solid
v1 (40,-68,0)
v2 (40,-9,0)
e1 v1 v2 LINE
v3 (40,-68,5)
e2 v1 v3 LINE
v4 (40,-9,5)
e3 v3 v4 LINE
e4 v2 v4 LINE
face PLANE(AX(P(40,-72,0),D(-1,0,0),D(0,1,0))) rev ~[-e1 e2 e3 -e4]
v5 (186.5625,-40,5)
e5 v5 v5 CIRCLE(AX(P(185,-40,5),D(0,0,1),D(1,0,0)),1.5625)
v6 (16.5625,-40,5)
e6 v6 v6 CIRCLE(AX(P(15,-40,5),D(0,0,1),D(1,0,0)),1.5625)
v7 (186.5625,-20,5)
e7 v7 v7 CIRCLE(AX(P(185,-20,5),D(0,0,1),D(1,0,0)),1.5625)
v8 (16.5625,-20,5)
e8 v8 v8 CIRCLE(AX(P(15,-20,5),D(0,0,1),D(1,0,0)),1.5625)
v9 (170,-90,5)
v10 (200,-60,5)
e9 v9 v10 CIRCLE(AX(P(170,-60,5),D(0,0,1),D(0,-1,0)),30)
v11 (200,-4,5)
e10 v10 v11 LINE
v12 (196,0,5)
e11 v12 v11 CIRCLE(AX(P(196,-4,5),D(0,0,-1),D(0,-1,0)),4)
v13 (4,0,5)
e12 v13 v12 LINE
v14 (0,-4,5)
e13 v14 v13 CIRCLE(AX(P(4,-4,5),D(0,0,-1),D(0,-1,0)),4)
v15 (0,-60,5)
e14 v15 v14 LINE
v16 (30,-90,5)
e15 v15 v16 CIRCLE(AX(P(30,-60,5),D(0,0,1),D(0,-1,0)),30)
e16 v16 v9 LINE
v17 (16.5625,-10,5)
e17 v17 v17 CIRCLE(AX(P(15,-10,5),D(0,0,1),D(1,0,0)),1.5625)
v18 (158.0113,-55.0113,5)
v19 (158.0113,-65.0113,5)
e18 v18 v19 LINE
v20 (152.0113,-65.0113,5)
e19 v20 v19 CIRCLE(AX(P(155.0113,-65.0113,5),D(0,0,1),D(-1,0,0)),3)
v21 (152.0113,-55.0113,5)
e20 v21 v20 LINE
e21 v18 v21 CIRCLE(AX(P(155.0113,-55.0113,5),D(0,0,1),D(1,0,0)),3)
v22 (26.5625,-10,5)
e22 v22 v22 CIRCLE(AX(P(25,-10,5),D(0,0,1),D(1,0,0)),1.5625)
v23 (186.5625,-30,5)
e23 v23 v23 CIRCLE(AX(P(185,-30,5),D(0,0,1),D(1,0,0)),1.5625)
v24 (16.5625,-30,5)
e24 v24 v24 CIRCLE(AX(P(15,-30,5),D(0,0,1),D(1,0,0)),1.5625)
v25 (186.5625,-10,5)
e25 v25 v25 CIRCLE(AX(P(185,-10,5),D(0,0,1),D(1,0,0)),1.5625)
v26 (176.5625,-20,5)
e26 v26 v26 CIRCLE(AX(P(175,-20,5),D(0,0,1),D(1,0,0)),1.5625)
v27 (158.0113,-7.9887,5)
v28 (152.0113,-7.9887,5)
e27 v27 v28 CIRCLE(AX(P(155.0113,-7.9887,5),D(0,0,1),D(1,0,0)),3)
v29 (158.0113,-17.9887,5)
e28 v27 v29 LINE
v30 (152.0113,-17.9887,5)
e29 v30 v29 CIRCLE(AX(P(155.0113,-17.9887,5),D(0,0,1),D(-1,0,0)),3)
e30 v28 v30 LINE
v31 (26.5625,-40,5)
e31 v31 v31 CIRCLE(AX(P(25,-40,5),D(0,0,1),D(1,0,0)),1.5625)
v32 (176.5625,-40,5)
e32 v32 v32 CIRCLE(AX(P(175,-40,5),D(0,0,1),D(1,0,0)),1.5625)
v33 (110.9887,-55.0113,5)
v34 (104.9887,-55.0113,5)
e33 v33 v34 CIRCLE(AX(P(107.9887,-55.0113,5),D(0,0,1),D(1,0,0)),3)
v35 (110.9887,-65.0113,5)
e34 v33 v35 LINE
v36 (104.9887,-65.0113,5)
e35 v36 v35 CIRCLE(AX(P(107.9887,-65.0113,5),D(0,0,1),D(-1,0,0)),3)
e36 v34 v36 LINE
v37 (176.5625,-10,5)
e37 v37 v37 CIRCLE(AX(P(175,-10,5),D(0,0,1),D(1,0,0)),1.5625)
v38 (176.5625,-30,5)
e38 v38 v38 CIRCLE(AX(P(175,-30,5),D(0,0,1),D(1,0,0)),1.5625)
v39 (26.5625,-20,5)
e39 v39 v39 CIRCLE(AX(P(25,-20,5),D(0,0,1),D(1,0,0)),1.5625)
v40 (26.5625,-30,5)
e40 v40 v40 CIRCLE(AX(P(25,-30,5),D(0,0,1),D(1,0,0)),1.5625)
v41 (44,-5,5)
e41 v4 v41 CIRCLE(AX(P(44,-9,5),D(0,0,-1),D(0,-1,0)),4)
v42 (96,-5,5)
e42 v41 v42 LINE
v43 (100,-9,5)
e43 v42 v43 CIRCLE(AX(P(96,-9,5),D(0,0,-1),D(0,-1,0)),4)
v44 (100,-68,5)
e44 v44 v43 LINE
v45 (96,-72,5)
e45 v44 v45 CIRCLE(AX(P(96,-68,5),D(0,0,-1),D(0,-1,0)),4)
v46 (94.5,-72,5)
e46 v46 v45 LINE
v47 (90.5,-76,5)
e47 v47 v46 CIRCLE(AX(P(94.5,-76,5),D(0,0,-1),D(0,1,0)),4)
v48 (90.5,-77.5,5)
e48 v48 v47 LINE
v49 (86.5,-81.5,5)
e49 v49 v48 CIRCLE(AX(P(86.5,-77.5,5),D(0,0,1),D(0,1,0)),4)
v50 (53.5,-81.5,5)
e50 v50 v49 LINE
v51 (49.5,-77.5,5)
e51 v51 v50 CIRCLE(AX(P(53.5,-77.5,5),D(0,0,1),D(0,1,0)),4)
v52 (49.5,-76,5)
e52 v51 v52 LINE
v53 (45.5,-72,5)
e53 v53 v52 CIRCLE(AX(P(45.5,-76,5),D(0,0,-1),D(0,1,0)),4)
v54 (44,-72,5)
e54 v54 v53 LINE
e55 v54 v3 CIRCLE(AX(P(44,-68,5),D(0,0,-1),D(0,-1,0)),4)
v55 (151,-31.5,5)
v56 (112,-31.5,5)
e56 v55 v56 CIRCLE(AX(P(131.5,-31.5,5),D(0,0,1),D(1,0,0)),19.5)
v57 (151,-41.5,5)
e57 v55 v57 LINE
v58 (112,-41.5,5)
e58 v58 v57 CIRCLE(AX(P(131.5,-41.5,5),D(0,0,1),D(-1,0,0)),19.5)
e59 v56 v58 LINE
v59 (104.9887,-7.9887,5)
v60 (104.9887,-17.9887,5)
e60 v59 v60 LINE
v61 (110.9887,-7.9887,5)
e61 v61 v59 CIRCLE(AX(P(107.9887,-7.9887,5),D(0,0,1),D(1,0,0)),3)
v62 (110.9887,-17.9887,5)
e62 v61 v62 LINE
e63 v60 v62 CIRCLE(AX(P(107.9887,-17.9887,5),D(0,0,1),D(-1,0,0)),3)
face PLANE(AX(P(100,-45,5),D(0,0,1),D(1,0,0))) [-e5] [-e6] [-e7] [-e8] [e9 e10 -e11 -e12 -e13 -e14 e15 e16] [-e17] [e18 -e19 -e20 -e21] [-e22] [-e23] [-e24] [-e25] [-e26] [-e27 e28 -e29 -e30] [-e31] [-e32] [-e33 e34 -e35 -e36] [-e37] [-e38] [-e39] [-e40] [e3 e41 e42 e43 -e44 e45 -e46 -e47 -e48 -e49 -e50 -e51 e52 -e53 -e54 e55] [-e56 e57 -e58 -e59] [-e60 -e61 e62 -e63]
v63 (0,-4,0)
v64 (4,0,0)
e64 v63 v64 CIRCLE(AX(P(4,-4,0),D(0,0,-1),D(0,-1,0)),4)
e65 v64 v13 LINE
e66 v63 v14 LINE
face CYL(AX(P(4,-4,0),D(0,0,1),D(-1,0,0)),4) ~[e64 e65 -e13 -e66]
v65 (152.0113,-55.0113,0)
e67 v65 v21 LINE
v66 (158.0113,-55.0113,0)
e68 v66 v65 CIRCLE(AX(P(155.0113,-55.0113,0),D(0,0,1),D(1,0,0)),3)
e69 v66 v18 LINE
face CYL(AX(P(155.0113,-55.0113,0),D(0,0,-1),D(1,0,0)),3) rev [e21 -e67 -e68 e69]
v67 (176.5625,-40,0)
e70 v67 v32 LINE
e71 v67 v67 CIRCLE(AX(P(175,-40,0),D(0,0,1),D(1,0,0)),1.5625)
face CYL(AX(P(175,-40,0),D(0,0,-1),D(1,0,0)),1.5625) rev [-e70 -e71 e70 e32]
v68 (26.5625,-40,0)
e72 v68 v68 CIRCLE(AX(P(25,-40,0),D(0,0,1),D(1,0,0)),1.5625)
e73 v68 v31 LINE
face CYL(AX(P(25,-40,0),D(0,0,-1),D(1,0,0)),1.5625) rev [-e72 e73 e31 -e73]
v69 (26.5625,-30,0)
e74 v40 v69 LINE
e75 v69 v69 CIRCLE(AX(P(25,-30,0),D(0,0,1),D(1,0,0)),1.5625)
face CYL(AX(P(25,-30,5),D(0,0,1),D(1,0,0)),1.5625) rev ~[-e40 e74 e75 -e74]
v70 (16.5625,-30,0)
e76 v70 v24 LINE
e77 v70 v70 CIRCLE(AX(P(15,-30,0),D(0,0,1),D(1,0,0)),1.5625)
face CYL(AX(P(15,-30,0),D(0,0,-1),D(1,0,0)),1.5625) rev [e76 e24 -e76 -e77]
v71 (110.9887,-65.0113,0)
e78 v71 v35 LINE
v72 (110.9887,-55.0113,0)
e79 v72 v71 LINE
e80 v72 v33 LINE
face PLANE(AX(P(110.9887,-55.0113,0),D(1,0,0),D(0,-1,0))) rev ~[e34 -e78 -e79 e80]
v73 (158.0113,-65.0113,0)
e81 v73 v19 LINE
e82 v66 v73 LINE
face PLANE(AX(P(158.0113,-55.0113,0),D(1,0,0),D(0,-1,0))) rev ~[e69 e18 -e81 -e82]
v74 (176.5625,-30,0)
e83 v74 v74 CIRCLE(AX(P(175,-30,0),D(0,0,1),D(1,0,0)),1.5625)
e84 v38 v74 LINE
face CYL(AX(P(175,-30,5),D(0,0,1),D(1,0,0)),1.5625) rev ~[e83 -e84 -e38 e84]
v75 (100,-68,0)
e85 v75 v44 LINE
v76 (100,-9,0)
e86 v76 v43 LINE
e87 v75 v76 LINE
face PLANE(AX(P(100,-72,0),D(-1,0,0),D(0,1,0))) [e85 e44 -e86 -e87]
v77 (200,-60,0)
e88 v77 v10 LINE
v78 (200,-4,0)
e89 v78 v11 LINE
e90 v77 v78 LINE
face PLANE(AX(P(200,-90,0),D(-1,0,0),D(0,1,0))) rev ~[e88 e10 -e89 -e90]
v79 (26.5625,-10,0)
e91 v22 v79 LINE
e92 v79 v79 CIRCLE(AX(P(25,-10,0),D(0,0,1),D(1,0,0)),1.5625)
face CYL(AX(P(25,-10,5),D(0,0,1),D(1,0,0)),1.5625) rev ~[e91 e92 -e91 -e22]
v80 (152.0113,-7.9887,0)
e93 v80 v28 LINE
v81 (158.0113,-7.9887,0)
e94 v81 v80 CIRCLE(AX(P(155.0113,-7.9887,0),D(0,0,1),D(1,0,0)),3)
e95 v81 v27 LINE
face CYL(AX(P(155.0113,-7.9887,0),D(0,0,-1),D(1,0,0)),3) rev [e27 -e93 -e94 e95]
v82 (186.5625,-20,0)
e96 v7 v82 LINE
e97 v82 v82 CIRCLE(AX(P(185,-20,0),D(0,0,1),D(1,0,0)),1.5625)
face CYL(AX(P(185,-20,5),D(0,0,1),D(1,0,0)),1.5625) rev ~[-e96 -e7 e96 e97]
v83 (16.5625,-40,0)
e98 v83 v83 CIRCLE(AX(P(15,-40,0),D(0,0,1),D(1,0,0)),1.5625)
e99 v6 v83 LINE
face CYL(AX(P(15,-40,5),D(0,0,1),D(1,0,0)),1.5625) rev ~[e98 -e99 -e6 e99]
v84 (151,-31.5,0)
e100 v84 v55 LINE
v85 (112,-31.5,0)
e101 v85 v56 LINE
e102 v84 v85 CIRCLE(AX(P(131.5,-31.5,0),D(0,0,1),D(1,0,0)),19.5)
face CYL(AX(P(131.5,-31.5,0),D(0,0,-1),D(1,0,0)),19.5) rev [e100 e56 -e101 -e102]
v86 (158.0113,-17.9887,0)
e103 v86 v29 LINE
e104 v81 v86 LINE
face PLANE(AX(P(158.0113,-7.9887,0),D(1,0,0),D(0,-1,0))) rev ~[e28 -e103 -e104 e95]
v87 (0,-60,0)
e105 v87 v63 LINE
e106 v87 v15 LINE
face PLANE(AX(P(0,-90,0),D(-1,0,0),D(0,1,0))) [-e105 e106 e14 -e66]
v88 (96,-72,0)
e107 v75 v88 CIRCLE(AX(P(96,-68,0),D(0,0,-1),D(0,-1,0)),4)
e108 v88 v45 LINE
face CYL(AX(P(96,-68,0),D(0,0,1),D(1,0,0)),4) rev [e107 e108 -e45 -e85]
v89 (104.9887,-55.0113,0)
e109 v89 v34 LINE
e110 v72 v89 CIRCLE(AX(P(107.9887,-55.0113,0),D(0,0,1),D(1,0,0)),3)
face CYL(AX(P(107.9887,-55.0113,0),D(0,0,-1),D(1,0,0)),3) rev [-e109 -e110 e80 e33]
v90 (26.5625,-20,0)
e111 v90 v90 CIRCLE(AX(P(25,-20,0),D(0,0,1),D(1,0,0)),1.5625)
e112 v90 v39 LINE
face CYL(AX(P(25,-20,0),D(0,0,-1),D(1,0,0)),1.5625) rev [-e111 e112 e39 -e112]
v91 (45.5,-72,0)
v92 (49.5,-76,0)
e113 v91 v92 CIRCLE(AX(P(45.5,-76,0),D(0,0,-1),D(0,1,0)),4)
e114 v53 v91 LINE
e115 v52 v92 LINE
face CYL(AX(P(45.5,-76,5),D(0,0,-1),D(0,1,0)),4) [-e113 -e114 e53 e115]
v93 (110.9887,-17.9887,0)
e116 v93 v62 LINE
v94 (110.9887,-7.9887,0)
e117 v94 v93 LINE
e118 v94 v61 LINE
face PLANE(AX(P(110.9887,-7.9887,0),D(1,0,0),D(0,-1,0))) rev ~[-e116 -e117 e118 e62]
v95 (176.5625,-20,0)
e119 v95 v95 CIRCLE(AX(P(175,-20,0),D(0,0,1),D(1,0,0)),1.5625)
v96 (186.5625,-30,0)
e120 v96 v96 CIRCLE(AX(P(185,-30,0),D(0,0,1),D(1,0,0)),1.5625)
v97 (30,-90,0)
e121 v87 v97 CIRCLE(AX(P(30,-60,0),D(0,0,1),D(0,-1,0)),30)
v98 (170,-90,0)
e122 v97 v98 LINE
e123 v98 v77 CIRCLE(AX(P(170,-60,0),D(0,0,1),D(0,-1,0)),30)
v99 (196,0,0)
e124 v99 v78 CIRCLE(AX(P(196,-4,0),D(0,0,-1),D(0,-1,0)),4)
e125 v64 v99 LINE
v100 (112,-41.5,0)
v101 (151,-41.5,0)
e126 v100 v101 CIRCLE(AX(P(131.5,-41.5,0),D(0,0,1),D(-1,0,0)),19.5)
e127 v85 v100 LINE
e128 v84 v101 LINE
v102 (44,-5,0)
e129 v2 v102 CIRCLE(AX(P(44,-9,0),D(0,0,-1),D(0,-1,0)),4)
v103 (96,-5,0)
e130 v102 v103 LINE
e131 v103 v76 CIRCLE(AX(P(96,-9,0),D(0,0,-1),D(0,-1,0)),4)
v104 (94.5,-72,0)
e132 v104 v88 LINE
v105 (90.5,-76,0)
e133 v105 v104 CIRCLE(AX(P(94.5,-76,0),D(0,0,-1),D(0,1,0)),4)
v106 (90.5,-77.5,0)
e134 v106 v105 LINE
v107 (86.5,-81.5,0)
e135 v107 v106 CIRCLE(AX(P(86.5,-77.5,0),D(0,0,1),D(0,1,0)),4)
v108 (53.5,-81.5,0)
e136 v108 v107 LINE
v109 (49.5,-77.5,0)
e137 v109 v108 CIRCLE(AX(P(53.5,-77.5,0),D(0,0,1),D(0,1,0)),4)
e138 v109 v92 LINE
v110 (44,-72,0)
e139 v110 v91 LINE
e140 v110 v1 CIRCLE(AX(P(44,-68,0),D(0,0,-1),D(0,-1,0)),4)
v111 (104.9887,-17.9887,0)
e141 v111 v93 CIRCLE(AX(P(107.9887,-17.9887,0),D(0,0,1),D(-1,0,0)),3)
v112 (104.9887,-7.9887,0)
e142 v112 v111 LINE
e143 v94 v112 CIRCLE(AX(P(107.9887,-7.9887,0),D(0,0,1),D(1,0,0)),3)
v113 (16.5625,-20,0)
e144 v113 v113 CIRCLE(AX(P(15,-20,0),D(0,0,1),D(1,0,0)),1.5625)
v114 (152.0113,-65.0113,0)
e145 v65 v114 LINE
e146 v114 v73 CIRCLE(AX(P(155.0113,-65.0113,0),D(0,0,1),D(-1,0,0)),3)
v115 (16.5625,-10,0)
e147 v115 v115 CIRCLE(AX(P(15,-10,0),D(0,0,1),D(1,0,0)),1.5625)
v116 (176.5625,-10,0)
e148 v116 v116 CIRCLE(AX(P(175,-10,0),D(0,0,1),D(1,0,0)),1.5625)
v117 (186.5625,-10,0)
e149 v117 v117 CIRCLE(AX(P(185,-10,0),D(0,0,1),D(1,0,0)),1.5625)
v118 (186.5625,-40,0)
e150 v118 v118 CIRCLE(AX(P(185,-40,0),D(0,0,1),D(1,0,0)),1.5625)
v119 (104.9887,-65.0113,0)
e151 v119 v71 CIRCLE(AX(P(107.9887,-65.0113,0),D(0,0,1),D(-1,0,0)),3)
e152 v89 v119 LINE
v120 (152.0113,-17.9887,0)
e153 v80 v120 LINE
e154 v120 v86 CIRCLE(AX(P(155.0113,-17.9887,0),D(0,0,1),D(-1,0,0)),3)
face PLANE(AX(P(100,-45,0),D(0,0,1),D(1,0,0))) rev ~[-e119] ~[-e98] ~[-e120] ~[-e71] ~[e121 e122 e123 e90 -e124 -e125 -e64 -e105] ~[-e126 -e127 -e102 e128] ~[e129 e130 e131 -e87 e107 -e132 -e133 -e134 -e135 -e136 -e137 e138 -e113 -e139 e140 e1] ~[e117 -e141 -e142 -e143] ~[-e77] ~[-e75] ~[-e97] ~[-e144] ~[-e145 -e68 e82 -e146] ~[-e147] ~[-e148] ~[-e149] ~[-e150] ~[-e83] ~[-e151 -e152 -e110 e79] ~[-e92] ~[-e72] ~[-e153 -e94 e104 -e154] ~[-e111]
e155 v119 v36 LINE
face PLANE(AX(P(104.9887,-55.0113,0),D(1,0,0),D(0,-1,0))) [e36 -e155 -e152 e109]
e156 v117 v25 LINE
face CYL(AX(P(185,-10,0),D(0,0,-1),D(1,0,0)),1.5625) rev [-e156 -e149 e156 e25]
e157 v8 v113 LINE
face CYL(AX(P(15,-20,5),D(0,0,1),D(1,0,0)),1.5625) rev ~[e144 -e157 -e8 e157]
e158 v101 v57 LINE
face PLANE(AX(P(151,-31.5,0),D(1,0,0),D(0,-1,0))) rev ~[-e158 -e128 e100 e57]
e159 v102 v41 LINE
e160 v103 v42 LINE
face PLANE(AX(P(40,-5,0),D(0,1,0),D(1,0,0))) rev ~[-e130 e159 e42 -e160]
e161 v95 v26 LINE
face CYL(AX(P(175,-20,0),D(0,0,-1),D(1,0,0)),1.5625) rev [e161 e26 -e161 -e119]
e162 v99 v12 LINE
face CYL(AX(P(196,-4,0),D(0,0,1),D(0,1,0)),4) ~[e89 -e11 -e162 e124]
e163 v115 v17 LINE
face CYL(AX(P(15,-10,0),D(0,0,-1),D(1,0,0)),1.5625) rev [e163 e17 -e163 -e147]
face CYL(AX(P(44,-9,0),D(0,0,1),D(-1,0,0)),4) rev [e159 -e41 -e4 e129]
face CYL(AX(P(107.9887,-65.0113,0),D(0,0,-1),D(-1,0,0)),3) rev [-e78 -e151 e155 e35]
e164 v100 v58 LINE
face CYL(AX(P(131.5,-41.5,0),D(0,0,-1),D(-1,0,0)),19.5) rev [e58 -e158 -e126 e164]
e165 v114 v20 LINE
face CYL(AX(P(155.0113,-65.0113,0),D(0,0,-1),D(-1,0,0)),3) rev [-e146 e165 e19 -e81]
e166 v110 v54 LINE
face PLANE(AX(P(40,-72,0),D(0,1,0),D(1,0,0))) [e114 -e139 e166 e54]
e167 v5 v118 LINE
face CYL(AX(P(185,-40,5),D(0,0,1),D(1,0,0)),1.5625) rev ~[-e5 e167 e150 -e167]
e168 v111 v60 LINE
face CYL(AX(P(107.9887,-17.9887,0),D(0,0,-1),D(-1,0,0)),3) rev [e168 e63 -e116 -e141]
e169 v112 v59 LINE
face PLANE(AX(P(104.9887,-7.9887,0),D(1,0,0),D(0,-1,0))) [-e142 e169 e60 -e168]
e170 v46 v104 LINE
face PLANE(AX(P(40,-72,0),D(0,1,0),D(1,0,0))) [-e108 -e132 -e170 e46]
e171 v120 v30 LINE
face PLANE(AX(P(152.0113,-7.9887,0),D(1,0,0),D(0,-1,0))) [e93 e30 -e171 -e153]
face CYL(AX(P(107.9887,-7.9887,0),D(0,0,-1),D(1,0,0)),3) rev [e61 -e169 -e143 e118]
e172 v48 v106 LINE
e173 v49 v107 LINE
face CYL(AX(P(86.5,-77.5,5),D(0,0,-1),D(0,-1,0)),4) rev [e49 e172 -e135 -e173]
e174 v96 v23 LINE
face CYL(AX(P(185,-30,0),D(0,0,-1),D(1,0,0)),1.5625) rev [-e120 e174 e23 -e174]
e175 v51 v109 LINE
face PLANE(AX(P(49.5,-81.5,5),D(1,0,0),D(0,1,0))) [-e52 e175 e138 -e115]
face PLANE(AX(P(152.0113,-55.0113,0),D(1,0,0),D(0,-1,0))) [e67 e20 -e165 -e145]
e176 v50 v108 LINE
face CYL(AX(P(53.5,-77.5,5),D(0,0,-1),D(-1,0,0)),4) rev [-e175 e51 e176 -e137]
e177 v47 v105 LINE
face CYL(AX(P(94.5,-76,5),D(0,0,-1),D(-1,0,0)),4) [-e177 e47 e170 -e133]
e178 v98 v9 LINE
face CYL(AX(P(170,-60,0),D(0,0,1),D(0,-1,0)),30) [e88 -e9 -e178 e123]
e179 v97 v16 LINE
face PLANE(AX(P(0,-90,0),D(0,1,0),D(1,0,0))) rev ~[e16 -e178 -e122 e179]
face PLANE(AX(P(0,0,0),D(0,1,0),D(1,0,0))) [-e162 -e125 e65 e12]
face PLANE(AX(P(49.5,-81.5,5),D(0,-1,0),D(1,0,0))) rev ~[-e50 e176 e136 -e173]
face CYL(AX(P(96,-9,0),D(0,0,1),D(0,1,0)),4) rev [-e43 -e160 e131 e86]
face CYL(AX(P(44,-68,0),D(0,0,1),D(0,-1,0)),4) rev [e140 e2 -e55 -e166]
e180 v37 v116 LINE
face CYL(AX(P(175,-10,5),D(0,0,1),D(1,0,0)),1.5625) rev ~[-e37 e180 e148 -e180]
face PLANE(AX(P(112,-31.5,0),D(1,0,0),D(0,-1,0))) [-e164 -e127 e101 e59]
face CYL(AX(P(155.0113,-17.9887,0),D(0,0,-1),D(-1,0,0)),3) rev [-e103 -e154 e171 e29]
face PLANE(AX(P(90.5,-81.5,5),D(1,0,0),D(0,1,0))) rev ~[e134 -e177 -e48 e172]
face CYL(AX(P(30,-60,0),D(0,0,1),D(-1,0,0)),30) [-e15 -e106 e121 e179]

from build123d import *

# Parameters (mm, degrees)
SKETCH_W        = 200
SKETCH_H        = 90
SKETCH_R        = 1.5625
SKETCH_W_2      = 60
SKETCH_H_2      = 67
PAD_DEPTH       = 5
SKETCH002_W     = 41
SKETCH002_H     = 9.5
POCKET_DEPTH    = 5.001
SKETCH003_R     = 1.5625
POCKET001_DEPTH = 5.001
FILLET_R        = 30
FILLET001_R     = 4
FILLET002_R     = 4
FILLET003_R     = 4


with BuildPart() as part:
    # Sketch → Pad (new body)
    with BuildSketch(Plane.XY):
        with Locations((100, -45)):
            Rectangle(SKETCH_W, SKETCH_H)
        with Locations((185, -30)):
            Circle(SKETCH_R, mode=Mode.SUBTRACT)
        with Locations((185, -10)):
            Circle(SKETCH_R, mode=Mode.SUBTRACT)
        with Locations((175, -20)):
            Circle(SKETCH_R, mode=Mode.SUBTRACT)
        with Locations((175, -40)):
            Circle(SKETCH_R, mode=Mode.SUBTRACT)
        with Locations((25, -40)):
            Circle(SKETCH_R, mode=Mode.SUBTRACT)
        with Locations((25, -20)):
            Circle(SKETCH_R, mode=Mode.SUBTRACT)
        with Locations((15, -30)):
            Circle(SKETCH_R, mode=Mode.SUBTRACT)
        with Locations((15, -10)):
            Circle(SKETCH_R, mode=Mode.SUBTRACT)
        with Locations((70, -38.5)):
            Rectangle(SKETCH_W_2, SKETCH_H_2, mode=Mode.SUBTRACT)
        with BuildLine():
            ThreePointArc((158.0113, -7.9887), (155.0113, -4.9887), (152.0113, -7.9887))
            Line((152.0113, -7.9887), (152.0113, -17.9887))
            ThreePointArc((152.0113, -17.9887), (155.0113, -20.9887), (158.0113, -17.9887))
            Line((158.0113, -7.9887), (158.0113, -17.9887))
        make_face(mode=Mode.SUBTRACT)
        with BuildLine():
            ThreePointArc((151, -31.5), (131.5, -12), (112, -31.5))
            Line((112, -31.5), (112, -41.5))
            ThreePointArc((112, -41.5), (131.5, -61), (151, -41.5))
            Line((151, -31.5), (151, -41.5))
        make_face(mode=Mode.SUBTRACT)
        with BuildLine():
            ThreePointArc((158.0113, -55.0113), (155.0113, -52.0113), (152.0113, -55.0113))
            Line((152.0113, -55.0113), (152.0113, -65.0113))
            ThreePointArc((152.0113, -65.0113), (155.0113, -68.0113), (158.0113, -65.0113))
            Line((158.0113, -55.0113), (158.0113, -65.0113))
        make_face(mode=Mode.SUBTRACT)
        with BuildLine():
            ThreePointArc((110.9887, -55.0113), (107.9887, -52.0113), (104.9887, -55.0113))
            Line((104.9887, -55.0113), (104.9887, -65.0113))
            ThreePointArc((104.9887, -65.0113), (107.9887, -68.0113), (110.9887, -65.0113))
            Line((110.9887, -55.0113), (110.9887, -65.0113))
        make_face(mode=Mode.SUBTRACT)
        with BuildLine():
            ThreePointArc((110.9887, -7.9887), (107.9887, -4.9887), (104.9887, -7.9887))
            Line((104.9887, -7.9887), (104.9887, -17.9887))
            ThreePointArc((104.9887, -17.9887), (107.9887, -20.9887), (110.9887, -17.9887))
            Line((110.9887, -7.9887), (110.9887, -17.9887))
        make_face(mode=Mode.SUBTRACT)
    extrude(amount=PAD_DEPTH)

    # Sketch002 → Pocket (cut, through all)
    with BuildSketch(Plane.XY.offset(5)):
        with Locations((70, -76.75)):
            Rectangle(SKETCH002_W, SKETCH002_H)
    extrude(amount=-POCKET_DEPTH, mode=Mode.SUBTRACT)

    # Sketch003 → Pocket001 (cut, through all)
    with BuildSketch(Plane.XY.offset(5)):
        with Locations((25, -10)):
            Circle(SKETCH003_R)
        with Locations((15, -20)):
            Circle(SKETCH003_R)
        with Locations((15, -40)):
            Circle(SKETCH003_R)
        with Locations((25, -30)):
            Circle(SKETCH003_R)
        with Locations((175, -10)):
            Circle(SKETCH003_R)
        with Locations((185, -20)):
            Circle(SKETCH003_R)
        with Locations((185, -40)):
            Circle(SKETCH003_R)
        with Locations((175, -30)):
            Circle(SKETCH003_R)
    extrude(amount=-POCKET001_DEPTH, mode=Mode.SUBTRACT)

    # Fillet
    fillet_edges = [part.edges().sort_by_distance(p)[0] for p in [
        (200, -90, 2.5),
        (0, -90, 2.5),
    ]]
    fillet(fillet_edges, radius=FILLET_R)

    # Fillet001
    fillet001_edges = [part.edges().sort_by_distance(p)[0] for p in [
        (40, -72, 2.5),
        (49.5, -81.5, 2.5),
        (49.5, -72, 2.5),
        (100, -72, 2.5),
        (90.5, -72, 2.5),
        (90.5, -81.5, 2.5),
    ]]
    fillet(fillet001_edges, radius=FILLET001_R)

    # Fillet002
    fillet002_edges = [part.edges().sort_by_distance(p)[0] for p in [
        (0, 0, 2.5),
        (200, 0, 2.5),
    ]]
    fillet(fillet002_edges, radius=FILLET002_R)

    # Fillet003
    fillet003_edges = [part.edges().sort_by_distance(p)[0] for p in [
        (40, -5, 2.5),
        (100, -5, 2.5),
    ]]
    fillet(fillet003_edges, radius=FILLET003_R)


solid = part.part
